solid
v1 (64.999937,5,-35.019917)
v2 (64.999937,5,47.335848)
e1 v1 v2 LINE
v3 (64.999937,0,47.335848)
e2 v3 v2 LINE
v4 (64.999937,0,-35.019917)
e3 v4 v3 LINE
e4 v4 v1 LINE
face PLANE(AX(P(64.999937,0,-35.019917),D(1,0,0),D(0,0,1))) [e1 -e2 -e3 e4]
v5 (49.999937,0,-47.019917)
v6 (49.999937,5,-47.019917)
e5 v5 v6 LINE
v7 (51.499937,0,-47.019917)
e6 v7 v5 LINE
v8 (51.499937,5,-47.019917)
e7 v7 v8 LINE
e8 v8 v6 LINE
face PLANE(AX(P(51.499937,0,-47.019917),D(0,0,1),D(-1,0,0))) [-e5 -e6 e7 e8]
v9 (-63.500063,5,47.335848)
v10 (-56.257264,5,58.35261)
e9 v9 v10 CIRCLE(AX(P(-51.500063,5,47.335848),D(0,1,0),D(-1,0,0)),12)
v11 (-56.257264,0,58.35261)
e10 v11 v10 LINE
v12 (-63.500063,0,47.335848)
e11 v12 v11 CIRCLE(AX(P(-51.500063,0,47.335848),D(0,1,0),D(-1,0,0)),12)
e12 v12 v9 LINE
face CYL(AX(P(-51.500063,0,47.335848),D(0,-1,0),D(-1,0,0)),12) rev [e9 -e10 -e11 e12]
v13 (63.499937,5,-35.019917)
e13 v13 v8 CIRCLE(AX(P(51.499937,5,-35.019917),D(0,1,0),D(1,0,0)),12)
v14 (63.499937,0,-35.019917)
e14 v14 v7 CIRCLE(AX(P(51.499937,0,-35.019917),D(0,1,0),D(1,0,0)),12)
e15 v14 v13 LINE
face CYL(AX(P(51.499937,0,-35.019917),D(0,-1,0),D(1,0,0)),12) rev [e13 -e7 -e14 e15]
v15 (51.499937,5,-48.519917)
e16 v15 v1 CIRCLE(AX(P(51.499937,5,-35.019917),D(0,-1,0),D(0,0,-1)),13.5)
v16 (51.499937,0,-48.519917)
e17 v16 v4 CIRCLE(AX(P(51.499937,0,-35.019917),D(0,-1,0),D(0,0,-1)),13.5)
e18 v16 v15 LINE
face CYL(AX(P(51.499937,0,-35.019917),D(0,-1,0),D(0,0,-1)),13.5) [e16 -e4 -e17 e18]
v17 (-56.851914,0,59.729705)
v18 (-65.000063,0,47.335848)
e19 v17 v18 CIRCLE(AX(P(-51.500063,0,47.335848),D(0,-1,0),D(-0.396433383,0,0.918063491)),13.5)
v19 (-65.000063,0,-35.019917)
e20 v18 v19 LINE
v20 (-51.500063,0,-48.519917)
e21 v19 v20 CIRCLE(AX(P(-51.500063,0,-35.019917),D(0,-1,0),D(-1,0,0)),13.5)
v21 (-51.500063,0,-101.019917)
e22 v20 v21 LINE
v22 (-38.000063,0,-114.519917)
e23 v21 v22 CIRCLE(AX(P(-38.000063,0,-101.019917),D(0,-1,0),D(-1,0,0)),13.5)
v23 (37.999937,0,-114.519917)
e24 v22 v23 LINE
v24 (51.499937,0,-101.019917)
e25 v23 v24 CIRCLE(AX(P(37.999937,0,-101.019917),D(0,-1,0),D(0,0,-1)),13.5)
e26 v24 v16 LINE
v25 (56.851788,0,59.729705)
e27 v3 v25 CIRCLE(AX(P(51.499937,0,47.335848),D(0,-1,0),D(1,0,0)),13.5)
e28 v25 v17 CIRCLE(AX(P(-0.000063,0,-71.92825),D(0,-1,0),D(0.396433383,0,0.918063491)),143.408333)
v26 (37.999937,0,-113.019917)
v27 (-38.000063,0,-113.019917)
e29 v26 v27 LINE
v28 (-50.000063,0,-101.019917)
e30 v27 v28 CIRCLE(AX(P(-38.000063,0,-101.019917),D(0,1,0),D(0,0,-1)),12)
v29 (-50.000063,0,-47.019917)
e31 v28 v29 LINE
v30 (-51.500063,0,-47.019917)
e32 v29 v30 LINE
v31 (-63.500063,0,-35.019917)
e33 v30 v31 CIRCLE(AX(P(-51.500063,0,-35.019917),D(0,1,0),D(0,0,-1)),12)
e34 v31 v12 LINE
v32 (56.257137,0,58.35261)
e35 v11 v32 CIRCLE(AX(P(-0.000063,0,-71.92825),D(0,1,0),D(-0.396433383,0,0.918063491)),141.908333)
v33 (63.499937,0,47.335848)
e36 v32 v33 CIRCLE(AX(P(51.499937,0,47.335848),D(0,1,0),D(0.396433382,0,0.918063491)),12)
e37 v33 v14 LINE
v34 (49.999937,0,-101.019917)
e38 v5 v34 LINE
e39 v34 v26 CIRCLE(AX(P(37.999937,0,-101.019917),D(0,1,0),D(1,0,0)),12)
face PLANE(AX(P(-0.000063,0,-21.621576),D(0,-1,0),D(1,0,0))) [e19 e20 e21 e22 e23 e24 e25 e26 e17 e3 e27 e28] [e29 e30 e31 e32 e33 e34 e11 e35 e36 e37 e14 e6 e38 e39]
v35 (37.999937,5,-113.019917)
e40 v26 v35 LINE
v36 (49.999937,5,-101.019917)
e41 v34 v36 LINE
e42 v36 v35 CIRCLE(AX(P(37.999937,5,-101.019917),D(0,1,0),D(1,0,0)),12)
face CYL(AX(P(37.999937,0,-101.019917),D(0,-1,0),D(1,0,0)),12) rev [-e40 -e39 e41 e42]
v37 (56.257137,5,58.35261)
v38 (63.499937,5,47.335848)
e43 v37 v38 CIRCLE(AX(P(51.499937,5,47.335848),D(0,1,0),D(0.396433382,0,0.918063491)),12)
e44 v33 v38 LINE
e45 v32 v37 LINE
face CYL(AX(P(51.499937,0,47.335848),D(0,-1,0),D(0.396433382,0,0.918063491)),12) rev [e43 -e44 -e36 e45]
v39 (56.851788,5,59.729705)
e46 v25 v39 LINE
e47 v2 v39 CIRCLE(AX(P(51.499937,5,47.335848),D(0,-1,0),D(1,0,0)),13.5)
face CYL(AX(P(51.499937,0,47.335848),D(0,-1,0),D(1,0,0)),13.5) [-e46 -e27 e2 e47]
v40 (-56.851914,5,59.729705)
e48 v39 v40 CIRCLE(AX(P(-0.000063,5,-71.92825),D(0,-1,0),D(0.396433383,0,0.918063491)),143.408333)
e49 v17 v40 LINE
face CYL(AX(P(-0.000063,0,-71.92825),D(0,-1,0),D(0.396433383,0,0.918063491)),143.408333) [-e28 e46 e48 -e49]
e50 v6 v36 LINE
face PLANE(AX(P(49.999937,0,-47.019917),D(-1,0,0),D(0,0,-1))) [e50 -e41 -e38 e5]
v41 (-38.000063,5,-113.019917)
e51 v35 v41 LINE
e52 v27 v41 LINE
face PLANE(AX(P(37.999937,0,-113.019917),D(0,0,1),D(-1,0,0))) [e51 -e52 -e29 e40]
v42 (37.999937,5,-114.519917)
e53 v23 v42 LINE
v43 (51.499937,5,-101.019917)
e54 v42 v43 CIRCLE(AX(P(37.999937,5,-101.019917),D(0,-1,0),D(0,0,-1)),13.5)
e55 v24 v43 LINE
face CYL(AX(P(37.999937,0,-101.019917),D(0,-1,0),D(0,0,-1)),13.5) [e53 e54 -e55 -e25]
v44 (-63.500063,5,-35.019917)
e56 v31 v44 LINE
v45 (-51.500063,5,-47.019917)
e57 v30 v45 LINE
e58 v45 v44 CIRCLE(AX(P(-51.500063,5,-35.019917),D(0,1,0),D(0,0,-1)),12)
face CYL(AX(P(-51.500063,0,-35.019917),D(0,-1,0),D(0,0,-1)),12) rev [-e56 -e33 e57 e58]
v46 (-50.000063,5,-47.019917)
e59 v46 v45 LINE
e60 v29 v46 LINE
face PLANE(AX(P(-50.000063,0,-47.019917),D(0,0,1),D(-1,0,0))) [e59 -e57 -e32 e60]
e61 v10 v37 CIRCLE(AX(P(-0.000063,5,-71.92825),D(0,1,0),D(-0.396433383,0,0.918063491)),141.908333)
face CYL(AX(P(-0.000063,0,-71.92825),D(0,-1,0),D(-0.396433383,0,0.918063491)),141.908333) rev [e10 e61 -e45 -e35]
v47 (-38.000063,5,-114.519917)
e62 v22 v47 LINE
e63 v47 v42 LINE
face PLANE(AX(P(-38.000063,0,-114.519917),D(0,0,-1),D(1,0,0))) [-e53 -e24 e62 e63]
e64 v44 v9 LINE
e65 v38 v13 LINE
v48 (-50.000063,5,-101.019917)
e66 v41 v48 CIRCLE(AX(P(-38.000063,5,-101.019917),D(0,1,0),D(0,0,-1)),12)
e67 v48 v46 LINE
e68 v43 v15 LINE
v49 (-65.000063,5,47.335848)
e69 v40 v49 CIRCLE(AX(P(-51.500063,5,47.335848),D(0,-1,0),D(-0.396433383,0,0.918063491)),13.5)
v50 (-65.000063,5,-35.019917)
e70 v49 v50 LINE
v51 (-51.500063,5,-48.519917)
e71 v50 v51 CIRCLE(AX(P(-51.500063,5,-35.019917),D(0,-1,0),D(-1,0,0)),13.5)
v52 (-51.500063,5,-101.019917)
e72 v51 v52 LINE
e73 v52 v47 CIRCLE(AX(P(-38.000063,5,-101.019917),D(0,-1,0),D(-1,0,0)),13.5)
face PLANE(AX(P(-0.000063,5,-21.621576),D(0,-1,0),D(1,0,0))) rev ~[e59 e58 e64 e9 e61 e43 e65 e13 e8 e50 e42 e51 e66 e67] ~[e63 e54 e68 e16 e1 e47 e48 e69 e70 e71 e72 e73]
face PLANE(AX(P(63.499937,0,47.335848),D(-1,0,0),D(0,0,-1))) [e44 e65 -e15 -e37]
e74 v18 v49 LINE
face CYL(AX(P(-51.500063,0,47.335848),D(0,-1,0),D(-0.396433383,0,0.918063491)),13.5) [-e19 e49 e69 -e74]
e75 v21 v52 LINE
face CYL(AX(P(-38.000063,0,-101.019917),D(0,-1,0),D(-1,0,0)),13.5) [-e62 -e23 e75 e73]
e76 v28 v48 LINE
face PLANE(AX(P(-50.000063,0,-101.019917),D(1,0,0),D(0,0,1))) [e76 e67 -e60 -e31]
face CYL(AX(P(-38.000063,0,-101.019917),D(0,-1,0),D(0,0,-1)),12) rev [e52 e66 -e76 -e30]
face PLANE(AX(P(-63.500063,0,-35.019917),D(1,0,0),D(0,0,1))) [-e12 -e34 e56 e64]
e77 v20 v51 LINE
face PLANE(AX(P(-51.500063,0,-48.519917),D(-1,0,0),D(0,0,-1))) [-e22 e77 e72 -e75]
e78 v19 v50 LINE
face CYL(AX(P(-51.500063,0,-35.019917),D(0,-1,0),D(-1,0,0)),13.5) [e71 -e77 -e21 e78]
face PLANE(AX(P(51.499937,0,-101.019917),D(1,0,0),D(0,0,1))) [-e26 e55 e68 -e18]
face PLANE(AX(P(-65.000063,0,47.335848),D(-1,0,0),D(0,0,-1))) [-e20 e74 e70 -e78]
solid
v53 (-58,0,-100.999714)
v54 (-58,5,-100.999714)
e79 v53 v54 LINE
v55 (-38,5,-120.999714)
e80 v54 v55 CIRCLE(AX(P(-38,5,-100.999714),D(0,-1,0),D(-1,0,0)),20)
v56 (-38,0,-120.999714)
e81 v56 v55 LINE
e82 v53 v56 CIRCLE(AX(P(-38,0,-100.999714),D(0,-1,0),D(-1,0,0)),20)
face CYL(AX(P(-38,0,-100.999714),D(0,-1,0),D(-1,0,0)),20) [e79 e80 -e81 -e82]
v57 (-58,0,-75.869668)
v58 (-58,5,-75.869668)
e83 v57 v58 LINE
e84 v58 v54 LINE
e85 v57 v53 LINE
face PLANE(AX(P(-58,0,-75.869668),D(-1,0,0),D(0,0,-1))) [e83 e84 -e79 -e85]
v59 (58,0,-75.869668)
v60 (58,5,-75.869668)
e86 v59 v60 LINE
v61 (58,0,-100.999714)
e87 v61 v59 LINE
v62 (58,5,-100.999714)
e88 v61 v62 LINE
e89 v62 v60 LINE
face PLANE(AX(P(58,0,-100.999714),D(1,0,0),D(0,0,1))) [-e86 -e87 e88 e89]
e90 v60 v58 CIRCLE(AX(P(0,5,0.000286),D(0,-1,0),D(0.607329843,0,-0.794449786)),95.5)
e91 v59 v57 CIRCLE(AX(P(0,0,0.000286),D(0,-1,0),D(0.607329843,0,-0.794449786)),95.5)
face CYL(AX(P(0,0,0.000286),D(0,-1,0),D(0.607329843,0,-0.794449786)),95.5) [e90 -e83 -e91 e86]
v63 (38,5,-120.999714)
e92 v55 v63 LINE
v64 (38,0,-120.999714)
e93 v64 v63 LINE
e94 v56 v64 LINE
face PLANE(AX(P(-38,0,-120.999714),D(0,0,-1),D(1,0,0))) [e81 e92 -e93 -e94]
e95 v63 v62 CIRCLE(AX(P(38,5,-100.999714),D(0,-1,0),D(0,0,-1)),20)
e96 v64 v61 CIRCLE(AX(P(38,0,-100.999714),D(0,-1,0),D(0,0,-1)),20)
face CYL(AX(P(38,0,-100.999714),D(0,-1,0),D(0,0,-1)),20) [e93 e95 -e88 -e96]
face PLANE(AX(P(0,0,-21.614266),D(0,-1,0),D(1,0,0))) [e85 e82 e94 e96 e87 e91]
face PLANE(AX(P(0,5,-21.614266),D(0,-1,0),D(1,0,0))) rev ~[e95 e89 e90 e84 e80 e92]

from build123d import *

# Parameters (mm, degrees)
F2_DEPTH = 5


with BuildPart() as f2:
    # F1 (on Front) → F2 (new body)
    with BuildSketch(Plane.XZ):
        with BuildLine():
            Line((58, -100.9997137561), (58, -75.8696682836))
            ThreePointArc((58, -75.8696682836), (0, 95.5002862439), (-58, -75.8696682836))
            Line((-58, -75.8696682836), (-58, -100.9997137561))
            ThreePointArc((-58, -100.9997137561), (-52.1421356237, -115.1418493799), (-38, -120.9997137561))
            Line((-38, -120.9997137561), (38, -120.9997137561))
            ThreePointArc((38, -120.9997137561), (52.1421356237, -115.1418493799), (58, -100.9997137561))
        make_face()
        with BuildLine():
            Line((38, -112.9997137561), (-38, -112.9997137561))
            ThreePointArc((-38, -112.9997137561), (-46.4852813742, -109.4849951304), (-50, -100.9997137561))
            Line((-50, -100.9997137561), (-50, -71.8067468379))
            ThreePointArc((-50, -71.8067468379), (0, 87.5002862439), (50, -71.8067468379))
            Line((50, -71.8067468379), (50, -100.9997137561))
            ThreePointArc((50, -100.9997137561), (46.4852813742, -109.4849951304), (38, -112.9997137561))
        make_face(mode=Mode.SUBTRACT)
        with BuildLine():
            ThreePointArc((-50, -100.9997137561), (-46.4852813742, -109.4849951304), (-38, -112.9997137561))
            Line((-38, -112.9997137561), (38, -112.9997137561))
            ThreePointArc((38, -112.9997137561), (46.4852813742, -109.4849951304), (50, -100.9997137561))
            Line((50, -100.9997137561), (50, -71.8067468379))
            ThreePointArc((50, -71.8067468379), (0, 87.5002862439), (-50, -71.8067468379))
            Line((-50, -71.8067468379), (-50, -100.9997137561))
        make_face()
    extrude(amount=-F2_DEPTH)


with BuildPart() as f2b:
    # F0 (on Front) → F2, piece 2 (new body)
    with BuildSketch(Plane.XZ):
        with BuildLine():
            Line((64.999936902, -35.0199167604), (64.999936902, 47.3358478965))
            ThreePointArc((64.999936902, 47.3358478965), (62.7804507193, 54.7520469242), (56.851787566, 59.729705023))
            ThreePointArc((56.851787566, 59.729705023), (-6.3098e-05, 71.4800832396), (-56.8519137619, 59.729705023))
            ThreePointArc((-56.8519137619, 59.729705023), (-62.7805769152, 54.7520469242), (-65.000063098, 47.3358478965))
            Line((-65.000063098, 47.3358478965), (-65.000063098, -35.0199167604))
            ThreePointArc((-65.000063098, -35.0199167604), (-61.046004644, -44.5658583065), (-51.500063098, -48.5199167604))
            Line((-51.500063098, -48.5199167604), (-51.500063098, -101.0199167604))
            ThreePointArc((-51.500063098, -101.0199167604), (-47.546004644, -110.5658583065), (-38.000063098, -114.5199167604))
            Line((-38.000063098, -114.5199167604), (37.999936902, -114.5199167604))
            ThreePointArc((37.999936902, -114.5199167604), (47.5458784481, -110.5658583065), (51.499936902, -101.0199167604))
            Line((51.499936902, -101.0199167604), (51.499936902, -48.5199167604))
            ThreePointArc((51.499936902, -48.5199167604), (61.0458784481, -44.5658583065), (64.999936902, -35.0199167604))
        make_face()
        with BuildLine():
            Line((37.999936902, -113.0199167604), (-38.000063098, -113.0199167604))
            ThreePointArc((-38.000063098, -113.0199167604), (-46.4853444722, -109.5051981347), (-50.000063098, -101.0199167604))
            Line((-50.000063098, -101.0199167604), (-50.000063098, -47.0199167604))
            Line((-50.000063098, -47.0199167604), (-51.500063098, -47.0199167604))
            ThreePointArc((-51.500063098, -47.0199167604), (-59.9853444722, -43.5051981347), (-63.500063098, -35.0199167604))
            Line((-63.500063098, -35.0199167604), (-63.500063098, 47.3358478965))
            ThreePointArc((-63.500063098, 47.3358478965), (-61.5271864911, 53.9280248101), (-56.2572636881, 58.3526097867))
            ThreePointArc((-56.2572636881, 58.3526097867), (-6.3098e-05, 69.9800832396), (56.2571374922, 58.3526097867))
            ThreePointArc((56.2571374922, 58.3526097867), (61.5270602952, 53.9280248101), (63.499936902, 47.3358478965))
            Line((63.499936902, 47.3358478965), (63.499936902, -35.0199167604))
            ThreePointArc((63.499936902, -35.0199167604), (59.9852182763, -43.5051981347), (51.499936902, -47.0199167604))
            Line((51.499936902, -47.0199167604), (49.999936902, -47.0199167604))
            Line((49.999936902, -47.0199167604), (49.999936902, -101.0199167604))
            ThreePointArc((49.999936902, -101.0199167604), (46.4852182763, -109.5051981347), (37.999936902, -113.0199167604))
        make_face(mode=Mode.SUBTRACT)
    extrude(amount=-F2_DEPTH)


solid = Compound([f2.part, f2b.part])
